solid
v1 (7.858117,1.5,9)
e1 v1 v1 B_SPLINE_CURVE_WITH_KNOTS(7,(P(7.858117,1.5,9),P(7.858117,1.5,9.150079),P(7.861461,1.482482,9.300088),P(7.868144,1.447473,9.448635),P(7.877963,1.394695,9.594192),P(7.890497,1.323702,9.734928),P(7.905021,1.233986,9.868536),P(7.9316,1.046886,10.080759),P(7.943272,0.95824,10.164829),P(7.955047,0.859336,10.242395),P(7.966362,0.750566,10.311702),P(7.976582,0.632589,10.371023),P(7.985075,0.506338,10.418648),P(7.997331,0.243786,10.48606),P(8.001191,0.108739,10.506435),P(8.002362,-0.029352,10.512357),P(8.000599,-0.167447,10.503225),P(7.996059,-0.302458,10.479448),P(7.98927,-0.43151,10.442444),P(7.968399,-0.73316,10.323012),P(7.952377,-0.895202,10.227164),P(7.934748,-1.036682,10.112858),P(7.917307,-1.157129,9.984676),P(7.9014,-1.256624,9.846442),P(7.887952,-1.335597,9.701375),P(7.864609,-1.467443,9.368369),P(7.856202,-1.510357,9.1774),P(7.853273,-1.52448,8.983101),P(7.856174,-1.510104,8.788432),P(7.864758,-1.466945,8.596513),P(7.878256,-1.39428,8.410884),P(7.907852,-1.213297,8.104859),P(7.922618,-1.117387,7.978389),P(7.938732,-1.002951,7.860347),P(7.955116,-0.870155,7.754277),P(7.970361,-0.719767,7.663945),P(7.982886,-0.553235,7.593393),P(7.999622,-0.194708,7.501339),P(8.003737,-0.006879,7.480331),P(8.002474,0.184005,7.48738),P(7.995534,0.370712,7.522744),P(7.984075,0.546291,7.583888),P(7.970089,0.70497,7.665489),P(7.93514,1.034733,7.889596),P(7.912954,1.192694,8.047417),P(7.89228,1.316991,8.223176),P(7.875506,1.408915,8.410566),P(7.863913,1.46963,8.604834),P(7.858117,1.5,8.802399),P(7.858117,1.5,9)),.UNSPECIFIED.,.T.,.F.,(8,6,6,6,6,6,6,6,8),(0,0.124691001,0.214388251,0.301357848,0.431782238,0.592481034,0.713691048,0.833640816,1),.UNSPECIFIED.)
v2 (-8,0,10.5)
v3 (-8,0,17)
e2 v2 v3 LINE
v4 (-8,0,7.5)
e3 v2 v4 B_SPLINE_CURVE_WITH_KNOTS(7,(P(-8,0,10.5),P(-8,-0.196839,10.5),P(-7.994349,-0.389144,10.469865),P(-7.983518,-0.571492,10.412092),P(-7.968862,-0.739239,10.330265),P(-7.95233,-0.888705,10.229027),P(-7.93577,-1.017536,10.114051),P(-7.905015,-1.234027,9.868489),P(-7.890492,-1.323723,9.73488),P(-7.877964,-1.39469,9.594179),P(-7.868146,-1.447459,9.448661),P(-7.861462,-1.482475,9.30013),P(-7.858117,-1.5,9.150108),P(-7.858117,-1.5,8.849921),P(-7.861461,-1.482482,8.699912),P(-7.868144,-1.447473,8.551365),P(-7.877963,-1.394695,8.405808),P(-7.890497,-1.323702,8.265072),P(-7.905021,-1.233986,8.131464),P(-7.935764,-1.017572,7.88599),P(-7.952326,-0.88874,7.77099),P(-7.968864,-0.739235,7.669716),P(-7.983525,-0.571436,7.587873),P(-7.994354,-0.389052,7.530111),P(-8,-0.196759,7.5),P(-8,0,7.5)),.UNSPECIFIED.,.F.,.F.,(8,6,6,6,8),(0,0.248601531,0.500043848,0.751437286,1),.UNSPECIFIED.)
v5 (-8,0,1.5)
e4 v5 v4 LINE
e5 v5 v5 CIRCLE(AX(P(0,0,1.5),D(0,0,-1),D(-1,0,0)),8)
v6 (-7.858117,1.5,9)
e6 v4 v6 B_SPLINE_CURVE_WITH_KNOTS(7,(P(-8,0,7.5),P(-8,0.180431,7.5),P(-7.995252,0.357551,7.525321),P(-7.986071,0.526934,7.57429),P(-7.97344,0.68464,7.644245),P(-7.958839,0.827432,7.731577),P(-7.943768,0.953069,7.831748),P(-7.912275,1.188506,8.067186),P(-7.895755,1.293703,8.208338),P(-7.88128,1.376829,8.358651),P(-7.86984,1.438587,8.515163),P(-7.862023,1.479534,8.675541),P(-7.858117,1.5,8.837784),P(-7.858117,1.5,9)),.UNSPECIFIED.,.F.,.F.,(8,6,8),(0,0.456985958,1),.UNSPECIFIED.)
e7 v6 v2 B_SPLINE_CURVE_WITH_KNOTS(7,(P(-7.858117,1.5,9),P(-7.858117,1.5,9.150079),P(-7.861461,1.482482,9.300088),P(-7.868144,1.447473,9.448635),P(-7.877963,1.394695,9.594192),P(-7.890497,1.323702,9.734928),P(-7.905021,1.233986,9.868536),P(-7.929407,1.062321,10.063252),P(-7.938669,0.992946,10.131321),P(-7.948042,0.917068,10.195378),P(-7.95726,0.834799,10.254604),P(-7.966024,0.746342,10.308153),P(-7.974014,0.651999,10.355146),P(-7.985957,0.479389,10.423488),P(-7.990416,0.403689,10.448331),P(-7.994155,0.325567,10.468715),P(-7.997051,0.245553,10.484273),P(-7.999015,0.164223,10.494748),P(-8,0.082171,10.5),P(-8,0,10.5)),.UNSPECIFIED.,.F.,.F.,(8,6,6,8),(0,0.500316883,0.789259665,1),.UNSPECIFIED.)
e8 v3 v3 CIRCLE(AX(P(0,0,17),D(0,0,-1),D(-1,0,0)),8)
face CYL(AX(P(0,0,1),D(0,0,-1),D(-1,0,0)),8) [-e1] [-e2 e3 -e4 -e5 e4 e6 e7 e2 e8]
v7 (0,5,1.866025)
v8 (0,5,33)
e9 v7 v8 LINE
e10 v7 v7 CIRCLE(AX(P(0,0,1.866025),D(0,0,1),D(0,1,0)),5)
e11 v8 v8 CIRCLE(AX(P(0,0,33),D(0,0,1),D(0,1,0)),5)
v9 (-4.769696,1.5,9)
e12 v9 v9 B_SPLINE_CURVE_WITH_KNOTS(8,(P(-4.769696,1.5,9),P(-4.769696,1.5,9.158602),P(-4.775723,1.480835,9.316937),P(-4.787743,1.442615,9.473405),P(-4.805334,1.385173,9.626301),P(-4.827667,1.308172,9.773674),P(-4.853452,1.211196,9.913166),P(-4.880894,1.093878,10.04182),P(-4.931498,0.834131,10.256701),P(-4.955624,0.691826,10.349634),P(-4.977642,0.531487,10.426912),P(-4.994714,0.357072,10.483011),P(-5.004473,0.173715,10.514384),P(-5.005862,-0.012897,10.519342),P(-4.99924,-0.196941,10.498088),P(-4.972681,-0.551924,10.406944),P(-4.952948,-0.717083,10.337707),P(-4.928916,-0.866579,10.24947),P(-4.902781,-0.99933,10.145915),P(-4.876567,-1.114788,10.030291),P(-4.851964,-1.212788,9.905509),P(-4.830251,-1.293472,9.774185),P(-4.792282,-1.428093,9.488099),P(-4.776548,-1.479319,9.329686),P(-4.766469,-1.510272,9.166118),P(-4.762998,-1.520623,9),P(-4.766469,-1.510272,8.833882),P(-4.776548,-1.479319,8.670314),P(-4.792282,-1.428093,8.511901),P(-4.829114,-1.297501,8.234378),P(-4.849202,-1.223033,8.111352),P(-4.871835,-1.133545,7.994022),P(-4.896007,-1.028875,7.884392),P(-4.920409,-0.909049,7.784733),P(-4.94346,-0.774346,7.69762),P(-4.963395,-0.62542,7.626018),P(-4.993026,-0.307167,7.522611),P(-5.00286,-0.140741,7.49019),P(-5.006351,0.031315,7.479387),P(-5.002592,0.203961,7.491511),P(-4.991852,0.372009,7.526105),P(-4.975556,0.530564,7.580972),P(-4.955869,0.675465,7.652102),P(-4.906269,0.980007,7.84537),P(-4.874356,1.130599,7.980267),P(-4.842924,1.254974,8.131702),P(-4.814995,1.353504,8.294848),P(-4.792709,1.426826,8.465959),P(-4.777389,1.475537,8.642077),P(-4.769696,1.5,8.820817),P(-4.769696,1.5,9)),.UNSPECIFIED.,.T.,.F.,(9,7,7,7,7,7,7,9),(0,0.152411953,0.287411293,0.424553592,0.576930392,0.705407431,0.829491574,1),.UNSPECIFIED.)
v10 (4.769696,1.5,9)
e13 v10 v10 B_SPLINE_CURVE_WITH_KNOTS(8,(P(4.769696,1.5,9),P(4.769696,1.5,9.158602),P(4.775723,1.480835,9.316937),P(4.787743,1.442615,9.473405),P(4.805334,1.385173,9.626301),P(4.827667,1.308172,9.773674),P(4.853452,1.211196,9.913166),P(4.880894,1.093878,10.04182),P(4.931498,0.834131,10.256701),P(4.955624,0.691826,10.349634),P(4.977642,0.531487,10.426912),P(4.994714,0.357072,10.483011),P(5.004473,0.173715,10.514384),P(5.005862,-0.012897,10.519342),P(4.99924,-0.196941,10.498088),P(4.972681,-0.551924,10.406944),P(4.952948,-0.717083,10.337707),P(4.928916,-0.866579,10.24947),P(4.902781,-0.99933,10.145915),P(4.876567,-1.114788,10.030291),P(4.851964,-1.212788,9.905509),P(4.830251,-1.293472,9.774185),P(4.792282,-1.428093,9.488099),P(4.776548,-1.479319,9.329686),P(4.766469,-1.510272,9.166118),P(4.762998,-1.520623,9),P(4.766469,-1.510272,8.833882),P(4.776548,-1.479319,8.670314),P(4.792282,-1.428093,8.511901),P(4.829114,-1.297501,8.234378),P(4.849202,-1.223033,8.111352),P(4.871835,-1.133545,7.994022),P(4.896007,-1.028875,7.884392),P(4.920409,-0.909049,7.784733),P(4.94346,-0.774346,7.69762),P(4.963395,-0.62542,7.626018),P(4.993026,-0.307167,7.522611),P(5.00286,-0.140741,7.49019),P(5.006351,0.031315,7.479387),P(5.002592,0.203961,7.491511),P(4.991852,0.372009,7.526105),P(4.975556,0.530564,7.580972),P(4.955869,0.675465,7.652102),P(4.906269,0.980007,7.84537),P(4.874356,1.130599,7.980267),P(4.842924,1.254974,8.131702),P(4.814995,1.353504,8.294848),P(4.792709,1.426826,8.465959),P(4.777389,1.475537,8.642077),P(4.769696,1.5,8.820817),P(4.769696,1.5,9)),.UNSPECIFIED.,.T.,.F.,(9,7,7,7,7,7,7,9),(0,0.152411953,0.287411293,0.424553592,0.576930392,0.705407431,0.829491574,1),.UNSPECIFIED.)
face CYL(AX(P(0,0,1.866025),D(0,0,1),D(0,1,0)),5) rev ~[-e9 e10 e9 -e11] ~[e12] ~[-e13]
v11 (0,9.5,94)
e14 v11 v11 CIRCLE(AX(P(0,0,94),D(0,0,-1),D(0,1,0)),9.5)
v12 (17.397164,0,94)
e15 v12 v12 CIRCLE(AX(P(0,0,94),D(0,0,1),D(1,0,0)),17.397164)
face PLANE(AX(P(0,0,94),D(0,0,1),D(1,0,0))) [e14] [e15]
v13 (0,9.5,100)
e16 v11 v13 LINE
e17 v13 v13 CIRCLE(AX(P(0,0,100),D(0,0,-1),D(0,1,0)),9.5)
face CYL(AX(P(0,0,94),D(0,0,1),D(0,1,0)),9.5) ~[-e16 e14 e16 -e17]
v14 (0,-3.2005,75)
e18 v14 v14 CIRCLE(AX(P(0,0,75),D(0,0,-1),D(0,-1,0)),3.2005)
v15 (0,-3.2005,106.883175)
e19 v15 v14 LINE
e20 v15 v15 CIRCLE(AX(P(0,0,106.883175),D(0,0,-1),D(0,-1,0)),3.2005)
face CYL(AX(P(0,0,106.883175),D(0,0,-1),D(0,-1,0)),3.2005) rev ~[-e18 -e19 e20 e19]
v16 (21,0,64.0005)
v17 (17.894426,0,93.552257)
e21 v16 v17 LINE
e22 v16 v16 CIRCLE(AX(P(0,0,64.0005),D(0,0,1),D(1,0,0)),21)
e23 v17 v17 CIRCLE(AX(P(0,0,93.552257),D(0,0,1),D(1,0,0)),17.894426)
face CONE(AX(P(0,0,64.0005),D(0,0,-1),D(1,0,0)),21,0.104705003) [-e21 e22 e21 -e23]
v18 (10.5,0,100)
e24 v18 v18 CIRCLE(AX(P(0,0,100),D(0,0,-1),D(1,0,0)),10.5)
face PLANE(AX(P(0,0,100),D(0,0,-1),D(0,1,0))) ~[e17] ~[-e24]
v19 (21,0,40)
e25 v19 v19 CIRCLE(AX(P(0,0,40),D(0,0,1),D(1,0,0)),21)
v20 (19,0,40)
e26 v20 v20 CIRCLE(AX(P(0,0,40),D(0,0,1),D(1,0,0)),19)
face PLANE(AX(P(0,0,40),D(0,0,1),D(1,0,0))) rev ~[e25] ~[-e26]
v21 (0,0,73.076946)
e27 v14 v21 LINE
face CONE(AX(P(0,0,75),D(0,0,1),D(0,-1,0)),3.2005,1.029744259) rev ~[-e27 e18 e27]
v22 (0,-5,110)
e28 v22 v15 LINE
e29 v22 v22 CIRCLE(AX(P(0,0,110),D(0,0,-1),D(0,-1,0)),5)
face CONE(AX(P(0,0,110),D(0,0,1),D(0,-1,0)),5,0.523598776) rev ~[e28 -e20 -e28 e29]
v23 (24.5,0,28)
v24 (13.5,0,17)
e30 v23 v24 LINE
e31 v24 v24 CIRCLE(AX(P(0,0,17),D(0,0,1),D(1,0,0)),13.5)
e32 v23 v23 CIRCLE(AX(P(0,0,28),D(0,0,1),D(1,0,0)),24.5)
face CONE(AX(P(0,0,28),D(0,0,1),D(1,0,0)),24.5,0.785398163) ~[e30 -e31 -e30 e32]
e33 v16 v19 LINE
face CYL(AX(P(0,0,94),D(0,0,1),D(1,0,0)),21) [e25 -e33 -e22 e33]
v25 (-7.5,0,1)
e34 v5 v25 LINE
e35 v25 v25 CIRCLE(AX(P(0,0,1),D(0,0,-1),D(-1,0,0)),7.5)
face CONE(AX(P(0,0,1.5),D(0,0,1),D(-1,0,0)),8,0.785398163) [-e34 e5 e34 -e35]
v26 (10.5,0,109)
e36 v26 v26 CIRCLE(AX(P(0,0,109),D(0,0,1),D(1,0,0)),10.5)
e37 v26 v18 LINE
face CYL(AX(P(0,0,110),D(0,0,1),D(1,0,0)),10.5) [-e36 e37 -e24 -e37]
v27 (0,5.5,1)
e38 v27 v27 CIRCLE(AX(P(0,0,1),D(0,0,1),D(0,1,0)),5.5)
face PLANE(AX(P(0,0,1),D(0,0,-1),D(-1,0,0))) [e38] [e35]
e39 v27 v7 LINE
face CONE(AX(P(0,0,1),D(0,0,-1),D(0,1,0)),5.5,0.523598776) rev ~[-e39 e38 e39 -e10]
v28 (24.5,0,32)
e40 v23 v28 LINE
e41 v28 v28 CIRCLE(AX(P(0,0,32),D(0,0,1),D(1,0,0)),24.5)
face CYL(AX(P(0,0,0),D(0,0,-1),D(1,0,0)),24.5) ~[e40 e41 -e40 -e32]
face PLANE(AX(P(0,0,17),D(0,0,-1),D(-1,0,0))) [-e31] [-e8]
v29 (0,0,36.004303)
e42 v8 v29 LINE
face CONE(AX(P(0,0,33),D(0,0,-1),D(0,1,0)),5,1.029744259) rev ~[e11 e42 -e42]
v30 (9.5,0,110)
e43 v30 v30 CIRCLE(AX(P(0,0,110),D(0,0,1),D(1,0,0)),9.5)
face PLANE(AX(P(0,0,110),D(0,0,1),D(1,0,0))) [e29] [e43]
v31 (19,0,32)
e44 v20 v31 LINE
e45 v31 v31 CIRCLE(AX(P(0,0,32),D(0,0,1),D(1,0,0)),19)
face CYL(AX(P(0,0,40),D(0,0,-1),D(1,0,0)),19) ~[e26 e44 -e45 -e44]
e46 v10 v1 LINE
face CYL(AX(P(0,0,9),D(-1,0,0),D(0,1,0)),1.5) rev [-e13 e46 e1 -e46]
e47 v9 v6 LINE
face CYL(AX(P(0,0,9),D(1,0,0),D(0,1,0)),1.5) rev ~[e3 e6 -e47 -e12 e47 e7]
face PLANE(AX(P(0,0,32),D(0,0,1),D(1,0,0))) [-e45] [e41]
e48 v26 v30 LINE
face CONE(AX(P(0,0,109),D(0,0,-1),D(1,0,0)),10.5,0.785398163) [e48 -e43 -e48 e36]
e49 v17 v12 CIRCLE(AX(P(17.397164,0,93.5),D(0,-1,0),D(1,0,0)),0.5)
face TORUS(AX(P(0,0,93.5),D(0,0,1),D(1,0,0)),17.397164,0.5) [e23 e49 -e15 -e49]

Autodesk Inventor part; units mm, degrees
ref_plane "YZ Plane" through (0, 0, 0) normal (1, 0, 0) x (0, 1, 0)
ref_plane "XZ Plane" through (0, 0, 0) normal (0, 1, 0) x (-1, 0, 0)
ref_plane "XY Plane" through (0, 0, 0) normal (0, 0, 1) x (1, 0, 0)
sketch "Sketch1" plane through (0, 0, 0) normal (0, 0, 1) x (1, 0, 0)
  circle A0 centre (0, 0) radius 24.5
  dimension "d0" = 49
extrude "Extrusion1" add sketch "Sketch1" along normal blind 110
sketch "Sketch2" plane through (0, 0, 110) normal (0, 0, 1) x (1, 0, 0)
  circle A0 centre (0, 0) radius 24.5 projected
  circle A1 centre (0, 0) radius 14
  dimension "d3" = 28
extrude "Extrusion2" cut sketch "Sketch2" against normal blind 15
sketch "Sketch3" plane through (0, 0, 95) normal (0, 0, 1) x (1, 0, 0)
  circle A0 centre (0, 0) radius 24.5 projected
  circle A1 centre (0, 0) radius 22
  dimension "d6" = 44
extrude "Extrusion3" cut sketch "Sketch3" against normal blind 60
sketch "Sketch4" plane through (0, 0, 0) normal (0, 0, -1) x (-1, 0, 0)
  circle A0 centre (0, 0) radius 24.5 projected
  circle A1 centre (0, 0) radius 10
  dimension "d9" = 20
extrude "Extrusion4" cut sketch "Sketch4" against normal blind 17
chamfer "Chamfer1" distance 11 angle 45 1 edges at (-24.5, 0, 17) measured on face at (19.3325, 2.7521, 17)
sketch "Sketch5" plane through (0, 0, 95) normal (0, 0, 1) x (1, 0, 0)
  circle A0 centre (0, 0) radius 22 projected
  circle A1 centre (0, 0) radius 14 projected
extrude "Extrusion5" cut sketch "Sketch5" against normal blind 1
sketch "Sketch6" plane through (0, 0, 0) normal (0, 0, -1) x (-1, 0, 0)
  circle A0 centre (0, 0) radius 10 projected
extrude "Extrusion6" cut sketch "Sketch6" against normal blind 1
sketch "Sketch7" plane through (0, 0, 1) normal (0, 0, -1) x (-1, 0, 0)
  circle A0 centre (0, 0) radius 10 projected
  circle A1 centre (0, 0) radius 8
  dimension "d22" = 16
extrude "Extrusion7" cut sketch "Sketch7" against normal blind 16
sketch "Sketch8" plane through (0, 0, 35) normal (0, 0, 1) x (1, 0, 0)
  circle A0 centre (0, 0) radius 22 projected
  circle A1 centre (0, 0) radius 24.5 projected
extrude "Extrusion8" cut sketch "Sketch8" against normal blind 3
sketch "Sketch9" plane through (0, 0, 0) normal (0, 1, 0) x (-1, 0, 0)
  line L0 (22, 32) -> (-22, 32) projected
  line L1 (-22, 40) -> (-19, 40)
  line L2 (-19, 40) -> (-19, 32)
  line L3 (-19, 32) -> (-22, 32)
  line L4 (-22, 32) -> (-22, 40)
  line L5 (0, 0) -> (0, 69)
  point P0 (22, 69)
  point P1 (-22, 69)
  dimension "d27" = 8
  dimension "d28" = 38
  dimension "d29" = 3
revolve "Revolution1" cut sketch "Sketch9" angle 360 about axis through (0, 0, 0) along (0, 0, 1)
sketch "Sketch11" plane through (0, 0, 94) normal (0, 0, 1) x (1, 0, 0)
  circle A0 centre (0, 0) radius 22 projected
  circle A1 centre (0, 0) radius 21
  dimension "d31" = 42
extrude "Extrusion9" cut sketch "Sketch11" against normal blind 30
chamfer "Chamfer3" distance 30 angle 6 1 edges at (-21, 0, 94) measured on face at (20.7281, -3.3686, 74)
sketch "Sketch12" plane through (0, 0, 64) normal (0, 0, 1) x (1, 0, 0)
  circle A0 centre (0, 0) radius 21 projected
  circle A1 centre (0, 0) radius 22 projected
extrude "Extrusion10" cut sketch "Sketch12" against normal blind 28
sketch "Sketch13" plane through (0, 0, 110) normal (0, 0, 1) x (1, 0, 0)
  circle A0 centre (0, 0) radius 14 projected
hole "Hole1" at (0, 0, 110) direction (0, 0, -1) diameter 6.401 depth 35 tip angle 118 countersink diameter 10 countersink angle 60 thread size "5/16-18 UNC" class "2B" standard "ANSI Unified Screw Threads"
sketch "Sketch14" plane through (0, 0, 1) normal (0, 0, -1) x (-1, 0, 0)
  circle A0 centre (0, 0) radius 8 projected
hole "Hole2" at (0, 0, 1) direction (0, 0, 1) diameter 10 depth 32 tip angle 118 countersink diameter 11 countersink angle 60
sketch "Sketch16" plane through (0, 0, 110) normal (0, 0, 1) x (1, 0, 0)
  circle A0 centre (0, 0) radius 14 projected
  circle A1 centre (0, 0) radius 10.5
  dimension "d56" = 21
extrude "Extrusion11" cut sketch "Sketch16" against normal blind 16
sketch "Sketch17" plane through (0, 0, 0) normal (1, 0, 0) x (0, 1, 0)
  line L0 (10.5, 94) -> (-10.5, 94) projected
  line L1 (10.5, 110) -> (-10.5, 110) projected
  line L2 (10.5, 94) -> (9.5, 94)
  line L3 (9.5, 94) -> (9.5, 100)
  line L4 (9.5, 100) -> (10.5, 100)
  line L5 (10.5, 100) -> (10.5, 94)
  line L6 (0, 110) -> (0, 0)
  dimension "d59" = 6
  dimension "d60" = 1
revolve "Revolution3" cut sketch "Sketch17" angle 360 about axis through (0, 0, 110) along (0, 0, -1)
thread "Thread1" size "7/8-14 UNF" class "2A" standard "ANSI Unified Screw Threads" full length
chamfer "Chamfer4" distance 1 angle 45 1 edges at (-10.5, 0, 110)
chamfer "Chamfer5" distance 0.5 angle 45 1 edges at (8, 0, 1)
fillet "Fillet1" radius 0.5 1 edges at (-17.8474, 0, 94)
sketch "Sketch18" plane through (0, 0, 0) normal (1, 0, 0) x (0, 1, 0)
  circle A0 centre (0, 9) radius 1.5
  line L0 (7.5, 1) -> (-7.5, 1) projected
  point P0 (0, 0)
  dimension "d71" = 3
  dimension "d72" = 8
extrude "Extrusion12" cut sketch "Sketch18" along normal mid plane 25
properties part number "EIXO DA BETONEIRA(21)" material "Carbon Steel"
